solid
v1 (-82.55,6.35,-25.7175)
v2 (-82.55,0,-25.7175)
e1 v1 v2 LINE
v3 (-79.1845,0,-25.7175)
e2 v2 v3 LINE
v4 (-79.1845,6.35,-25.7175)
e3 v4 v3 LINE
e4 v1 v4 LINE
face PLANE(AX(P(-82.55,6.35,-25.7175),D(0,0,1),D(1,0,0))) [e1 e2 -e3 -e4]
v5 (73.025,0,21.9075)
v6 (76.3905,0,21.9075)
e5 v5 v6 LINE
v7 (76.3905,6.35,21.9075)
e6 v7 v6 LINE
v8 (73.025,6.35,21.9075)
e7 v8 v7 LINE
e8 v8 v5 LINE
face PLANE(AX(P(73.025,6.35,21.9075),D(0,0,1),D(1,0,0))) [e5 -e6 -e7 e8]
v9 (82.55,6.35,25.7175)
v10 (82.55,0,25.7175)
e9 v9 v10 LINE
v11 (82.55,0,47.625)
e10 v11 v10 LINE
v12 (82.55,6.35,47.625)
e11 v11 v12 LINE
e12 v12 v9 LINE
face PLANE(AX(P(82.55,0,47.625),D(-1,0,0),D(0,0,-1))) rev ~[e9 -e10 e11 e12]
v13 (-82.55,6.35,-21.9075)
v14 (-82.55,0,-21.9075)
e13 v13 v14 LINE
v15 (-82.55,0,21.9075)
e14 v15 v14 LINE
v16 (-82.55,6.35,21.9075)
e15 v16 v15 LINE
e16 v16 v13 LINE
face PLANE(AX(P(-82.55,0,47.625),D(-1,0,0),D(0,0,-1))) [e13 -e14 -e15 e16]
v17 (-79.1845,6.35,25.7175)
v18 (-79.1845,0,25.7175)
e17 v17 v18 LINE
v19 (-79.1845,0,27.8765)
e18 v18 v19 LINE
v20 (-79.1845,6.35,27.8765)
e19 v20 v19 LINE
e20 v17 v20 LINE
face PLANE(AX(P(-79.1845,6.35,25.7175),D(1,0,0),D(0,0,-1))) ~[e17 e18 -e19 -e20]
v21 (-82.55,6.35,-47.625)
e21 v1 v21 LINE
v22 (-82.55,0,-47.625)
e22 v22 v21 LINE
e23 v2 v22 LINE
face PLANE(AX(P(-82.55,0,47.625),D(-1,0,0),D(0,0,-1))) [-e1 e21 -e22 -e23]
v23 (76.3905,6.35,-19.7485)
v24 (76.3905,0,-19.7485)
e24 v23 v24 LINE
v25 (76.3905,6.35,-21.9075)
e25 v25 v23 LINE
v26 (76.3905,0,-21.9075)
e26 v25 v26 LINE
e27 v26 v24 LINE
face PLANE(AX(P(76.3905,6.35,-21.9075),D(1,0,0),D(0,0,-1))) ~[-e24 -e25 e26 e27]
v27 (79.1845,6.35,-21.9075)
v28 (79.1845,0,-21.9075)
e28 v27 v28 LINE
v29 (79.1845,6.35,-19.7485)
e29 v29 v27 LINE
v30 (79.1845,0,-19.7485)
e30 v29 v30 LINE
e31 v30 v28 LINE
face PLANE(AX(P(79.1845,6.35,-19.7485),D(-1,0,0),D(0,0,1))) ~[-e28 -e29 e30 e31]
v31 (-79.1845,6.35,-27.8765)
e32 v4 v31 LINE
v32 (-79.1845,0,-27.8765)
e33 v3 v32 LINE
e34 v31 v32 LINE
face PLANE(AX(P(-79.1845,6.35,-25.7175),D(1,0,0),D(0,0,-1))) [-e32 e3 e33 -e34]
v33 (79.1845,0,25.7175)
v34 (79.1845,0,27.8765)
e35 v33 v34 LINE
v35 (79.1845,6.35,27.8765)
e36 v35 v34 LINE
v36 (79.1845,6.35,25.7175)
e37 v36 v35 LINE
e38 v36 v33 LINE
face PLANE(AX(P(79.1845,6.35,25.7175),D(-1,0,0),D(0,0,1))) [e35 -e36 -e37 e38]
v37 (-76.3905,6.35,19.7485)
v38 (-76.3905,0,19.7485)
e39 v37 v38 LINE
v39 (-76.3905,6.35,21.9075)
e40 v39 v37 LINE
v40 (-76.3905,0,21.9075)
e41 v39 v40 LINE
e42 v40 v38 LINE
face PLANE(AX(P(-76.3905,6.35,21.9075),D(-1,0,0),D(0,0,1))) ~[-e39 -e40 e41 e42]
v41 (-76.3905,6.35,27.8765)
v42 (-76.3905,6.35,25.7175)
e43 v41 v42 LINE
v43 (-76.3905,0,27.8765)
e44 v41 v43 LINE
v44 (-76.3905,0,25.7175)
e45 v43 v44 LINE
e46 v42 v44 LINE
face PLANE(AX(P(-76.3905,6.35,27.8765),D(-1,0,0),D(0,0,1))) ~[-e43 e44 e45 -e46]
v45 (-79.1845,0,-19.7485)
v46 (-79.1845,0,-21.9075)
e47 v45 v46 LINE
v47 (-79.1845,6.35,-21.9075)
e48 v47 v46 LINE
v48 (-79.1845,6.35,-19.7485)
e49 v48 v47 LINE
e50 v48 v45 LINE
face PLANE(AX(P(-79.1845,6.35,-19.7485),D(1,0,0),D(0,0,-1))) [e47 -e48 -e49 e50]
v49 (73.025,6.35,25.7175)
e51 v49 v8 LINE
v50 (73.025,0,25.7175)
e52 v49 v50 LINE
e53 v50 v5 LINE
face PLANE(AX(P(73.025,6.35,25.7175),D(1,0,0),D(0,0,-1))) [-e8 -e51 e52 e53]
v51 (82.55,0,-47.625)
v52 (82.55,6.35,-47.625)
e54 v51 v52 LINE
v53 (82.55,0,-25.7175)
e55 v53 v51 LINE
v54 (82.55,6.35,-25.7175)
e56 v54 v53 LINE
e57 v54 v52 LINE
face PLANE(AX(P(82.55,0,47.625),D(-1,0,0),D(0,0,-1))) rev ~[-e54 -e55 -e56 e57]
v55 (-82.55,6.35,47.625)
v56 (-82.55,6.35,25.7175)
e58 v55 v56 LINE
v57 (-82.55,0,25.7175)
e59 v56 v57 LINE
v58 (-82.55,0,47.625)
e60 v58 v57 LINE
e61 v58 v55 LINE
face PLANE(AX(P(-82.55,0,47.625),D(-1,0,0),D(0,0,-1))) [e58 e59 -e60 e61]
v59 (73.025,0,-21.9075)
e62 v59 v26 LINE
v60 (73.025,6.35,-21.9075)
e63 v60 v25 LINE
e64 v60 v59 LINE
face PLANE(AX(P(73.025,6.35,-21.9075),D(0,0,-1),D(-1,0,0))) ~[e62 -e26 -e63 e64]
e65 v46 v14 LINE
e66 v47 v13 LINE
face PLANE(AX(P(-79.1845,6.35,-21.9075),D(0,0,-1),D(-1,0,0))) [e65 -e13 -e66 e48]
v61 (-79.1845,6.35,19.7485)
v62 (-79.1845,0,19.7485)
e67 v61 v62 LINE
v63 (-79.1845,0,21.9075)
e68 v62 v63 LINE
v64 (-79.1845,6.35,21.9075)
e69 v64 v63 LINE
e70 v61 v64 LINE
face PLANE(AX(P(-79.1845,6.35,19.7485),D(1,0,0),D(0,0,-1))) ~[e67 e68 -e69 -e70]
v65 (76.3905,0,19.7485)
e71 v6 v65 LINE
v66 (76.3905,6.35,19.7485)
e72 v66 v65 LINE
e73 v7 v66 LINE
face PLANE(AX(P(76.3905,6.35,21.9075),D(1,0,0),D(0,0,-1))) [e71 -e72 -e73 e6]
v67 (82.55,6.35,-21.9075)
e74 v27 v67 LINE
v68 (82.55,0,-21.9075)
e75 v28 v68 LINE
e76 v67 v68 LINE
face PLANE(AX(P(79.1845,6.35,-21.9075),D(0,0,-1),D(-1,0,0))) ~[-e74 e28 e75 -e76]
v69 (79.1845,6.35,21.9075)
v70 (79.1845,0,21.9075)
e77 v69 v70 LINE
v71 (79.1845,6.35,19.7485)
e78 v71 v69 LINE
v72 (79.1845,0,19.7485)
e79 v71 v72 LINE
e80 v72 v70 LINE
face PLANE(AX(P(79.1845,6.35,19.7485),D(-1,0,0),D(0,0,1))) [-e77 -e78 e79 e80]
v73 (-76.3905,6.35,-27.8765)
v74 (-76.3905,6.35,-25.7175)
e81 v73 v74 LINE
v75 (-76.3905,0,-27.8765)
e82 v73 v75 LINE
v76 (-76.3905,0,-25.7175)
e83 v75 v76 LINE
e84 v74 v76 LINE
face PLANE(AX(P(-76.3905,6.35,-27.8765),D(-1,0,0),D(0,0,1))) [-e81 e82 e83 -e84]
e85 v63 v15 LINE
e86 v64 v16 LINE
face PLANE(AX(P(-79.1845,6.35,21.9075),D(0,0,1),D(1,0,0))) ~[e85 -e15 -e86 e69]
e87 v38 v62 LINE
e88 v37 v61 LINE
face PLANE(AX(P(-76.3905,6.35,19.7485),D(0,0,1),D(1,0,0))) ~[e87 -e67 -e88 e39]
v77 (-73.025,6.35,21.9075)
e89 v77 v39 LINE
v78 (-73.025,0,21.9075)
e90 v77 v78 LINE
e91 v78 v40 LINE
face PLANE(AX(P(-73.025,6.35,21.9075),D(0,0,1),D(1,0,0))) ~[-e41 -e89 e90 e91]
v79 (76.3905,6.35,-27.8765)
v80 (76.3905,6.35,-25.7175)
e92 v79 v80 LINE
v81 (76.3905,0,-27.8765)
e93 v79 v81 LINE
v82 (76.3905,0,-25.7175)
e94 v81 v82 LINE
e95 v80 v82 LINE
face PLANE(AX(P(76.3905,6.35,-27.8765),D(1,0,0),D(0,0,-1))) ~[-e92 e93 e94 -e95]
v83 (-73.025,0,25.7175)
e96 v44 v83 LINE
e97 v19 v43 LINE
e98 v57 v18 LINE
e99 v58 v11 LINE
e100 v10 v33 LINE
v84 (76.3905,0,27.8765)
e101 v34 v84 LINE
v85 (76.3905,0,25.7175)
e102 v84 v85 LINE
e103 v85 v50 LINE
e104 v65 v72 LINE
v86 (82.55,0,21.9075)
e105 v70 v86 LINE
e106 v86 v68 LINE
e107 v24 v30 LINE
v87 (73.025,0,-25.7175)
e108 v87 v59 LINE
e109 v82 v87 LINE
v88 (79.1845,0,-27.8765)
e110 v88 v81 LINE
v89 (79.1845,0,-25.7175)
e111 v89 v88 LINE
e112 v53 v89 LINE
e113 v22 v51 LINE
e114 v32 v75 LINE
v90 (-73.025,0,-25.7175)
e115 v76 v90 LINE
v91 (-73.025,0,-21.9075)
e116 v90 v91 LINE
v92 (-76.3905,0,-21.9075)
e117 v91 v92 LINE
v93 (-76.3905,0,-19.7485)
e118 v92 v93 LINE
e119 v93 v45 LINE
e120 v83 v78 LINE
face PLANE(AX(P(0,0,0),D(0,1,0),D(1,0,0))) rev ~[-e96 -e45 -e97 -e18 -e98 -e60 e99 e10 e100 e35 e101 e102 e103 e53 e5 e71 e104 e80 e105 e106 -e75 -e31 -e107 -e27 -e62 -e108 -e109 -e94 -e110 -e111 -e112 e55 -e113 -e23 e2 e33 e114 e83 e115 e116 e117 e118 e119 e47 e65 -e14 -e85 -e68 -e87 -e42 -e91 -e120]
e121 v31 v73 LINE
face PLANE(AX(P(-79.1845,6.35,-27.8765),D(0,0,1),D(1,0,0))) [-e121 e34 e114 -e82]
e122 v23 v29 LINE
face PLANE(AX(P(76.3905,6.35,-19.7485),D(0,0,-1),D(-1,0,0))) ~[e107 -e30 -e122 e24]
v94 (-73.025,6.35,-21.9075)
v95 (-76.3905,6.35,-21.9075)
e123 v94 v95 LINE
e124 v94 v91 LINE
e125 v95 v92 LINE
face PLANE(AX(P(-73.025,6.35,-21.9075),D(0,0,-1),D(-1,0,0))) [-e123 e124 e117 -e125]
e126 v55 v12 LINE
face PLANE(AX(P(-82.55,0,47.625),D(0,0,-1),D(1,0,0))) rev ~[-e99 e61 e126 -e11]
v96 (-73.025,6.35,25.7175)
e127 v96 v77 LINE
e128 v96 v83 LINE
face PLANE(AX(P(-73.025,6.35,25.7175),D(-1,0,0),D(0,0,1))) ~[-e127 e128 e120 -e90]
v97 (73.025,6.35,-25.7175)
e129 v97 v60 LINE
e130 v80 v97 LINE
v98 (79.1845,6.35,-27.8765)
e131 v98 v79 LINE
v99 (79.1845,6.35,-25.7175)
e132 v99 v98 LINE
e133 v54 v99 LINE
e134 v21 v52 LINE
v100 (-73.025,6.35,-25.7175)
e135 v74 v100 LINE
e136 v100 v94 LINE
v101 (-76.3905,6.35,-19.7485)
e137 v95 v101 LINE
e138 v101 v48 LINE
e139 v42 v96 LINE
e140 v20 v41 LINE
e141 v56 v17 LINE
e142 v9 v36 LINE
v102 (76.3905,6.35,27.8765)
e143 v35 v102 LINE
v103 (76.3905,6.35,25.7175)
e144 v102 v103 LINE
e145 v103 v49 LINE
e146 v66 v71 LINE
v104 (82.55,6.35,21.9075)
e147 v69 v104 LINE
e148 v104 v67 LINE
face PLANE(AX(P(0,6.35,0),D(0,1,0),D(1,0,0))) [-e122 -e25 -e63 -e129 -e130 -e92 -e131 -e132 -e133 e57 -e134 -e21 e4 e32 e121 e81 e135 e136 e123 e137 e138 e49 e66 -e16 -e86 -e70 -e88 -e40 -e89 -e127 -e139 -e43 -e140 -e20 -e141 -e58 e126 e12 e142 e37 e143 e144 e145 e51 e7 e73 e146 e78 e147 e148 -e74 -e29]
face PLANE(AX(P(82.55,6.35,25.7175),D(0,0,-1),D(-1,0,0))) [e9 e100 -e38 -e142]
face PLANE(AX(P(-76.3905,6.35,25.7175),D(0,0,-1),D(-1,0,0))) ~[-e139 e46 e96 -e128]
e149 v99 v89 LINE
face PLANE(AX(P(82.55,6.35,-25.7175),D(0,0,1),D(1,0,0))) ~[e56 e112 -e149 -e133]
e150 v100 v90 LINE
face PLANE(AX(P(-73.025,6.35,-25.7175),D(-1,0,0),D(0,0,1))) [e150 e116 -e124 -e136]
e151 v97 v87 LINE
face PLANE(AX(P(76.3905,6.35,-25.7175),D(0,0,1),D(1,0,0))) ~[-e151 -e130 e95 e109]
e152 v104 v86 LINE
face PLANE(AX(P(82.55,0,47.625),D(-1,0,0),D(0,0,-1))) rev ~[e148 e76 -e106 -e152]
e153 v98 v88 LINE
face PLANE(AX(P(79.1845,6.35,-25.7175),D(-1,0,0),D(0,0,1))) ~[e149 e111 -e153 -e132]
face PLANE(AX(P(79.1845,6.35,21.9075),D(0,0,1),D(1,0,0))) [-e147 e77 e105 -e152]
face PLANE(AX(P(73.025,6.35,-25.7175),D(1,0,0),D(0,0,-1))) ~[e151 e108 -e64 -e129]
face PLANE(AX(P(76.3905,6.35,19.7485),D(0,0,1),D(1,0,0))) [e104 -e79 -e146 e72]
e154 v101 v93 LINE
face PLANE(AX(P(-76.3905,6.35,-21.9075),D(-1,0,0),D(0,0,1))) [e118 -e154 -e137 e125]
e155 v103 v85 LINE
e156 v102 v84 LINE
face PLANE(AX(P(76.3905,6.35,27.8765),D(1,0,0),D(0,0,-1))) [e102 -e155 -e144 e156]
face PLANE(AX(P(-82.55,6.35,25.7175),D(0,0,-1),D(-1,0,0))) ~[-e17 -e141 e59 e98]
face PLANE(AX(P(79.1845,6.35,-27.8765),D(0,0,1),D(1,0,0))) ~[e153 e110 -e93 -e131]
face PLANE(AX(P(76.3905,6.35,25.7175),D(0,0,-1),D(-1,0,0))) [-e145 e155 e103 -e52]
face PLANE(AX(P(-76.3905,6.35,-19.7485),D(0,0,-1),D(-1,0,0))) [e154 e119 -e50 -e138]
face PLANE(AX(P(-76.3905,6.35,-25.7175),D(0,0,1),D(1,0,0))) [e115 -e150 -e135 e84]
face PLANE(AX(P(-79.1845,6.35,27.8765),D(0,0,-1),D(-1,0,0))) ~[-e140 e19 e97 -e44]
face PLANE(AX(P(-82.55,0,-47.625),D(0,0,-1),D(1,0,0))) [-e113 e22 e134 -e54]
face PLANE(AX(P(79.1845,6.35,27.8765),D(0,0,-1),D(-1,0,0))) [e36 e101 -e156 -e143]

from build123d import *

# Parameters (mm, degrees)
SKETCH1_W            = 165.1
SKETCH1_H            = 95.25
BOSS_EXTRUDE1_DEPTH  = 6.35
CUT_EXTRUDE1_DEPTH   = 96.514216874
MIRROR2_COPY_1_DEPTH = 96.514216874


with BuildPart() as part:
    # Sketch1 → Boss-Extrude1 (new body)
    with BuildSketch(Plane(origin=(0, 0, 0), x_dir=(1, 0, 0), z_dir=(0, 1, 0))):
        Rectangle(SKETCH1_W, SKETCH1_H)
    extrude(amount=BOSS_EXTRUDE1_DEPTH)

    # Sketch2 → Cut-Extrude1 (cut, through all)
    with BuildSketch(Plane(origin=(0, 6.35, 0), x_dir=(1, 0, 0), z_dir=(0, 1, 0))):
        Polygon((82.55, -21.9075), (82.55, -25.7175), (79.1845, -25.7175), (79.1845, -27.8765), (76.3905, -27.8765), (76.3905, -25.7175), (73.025, -25.7175), (73.025, -21.9075), (76.3905, -21.9075), (76.3905, -19.7485), (79.1845, -19.7485), (79.1845, -21.9075), align=None)
    cut_extrude1 = extrude(amount=-CUT_EXTRUDE1_DEPTH, mode=Mode.SUBTRACT)

    # Mirror1: Cut-Extrude1 across plane
    add(cut_extrude1.mirror(Plane.XY), mode=Mode.SUBTRACT)

    # Mirror2: Cut-Extrude1 across plane
    add(cut_extrude1.mirror(Plane(origin=(0, 0, 0), x_dir=(0, 0, 1), z_dir=(1, 0, 0))), mode=Mode.SUBTRACT)

    # Mirror2 copy 1 sketch → Mirror2 copy 1 (cut, through all)
    with BuildSketch(Plane(origin=(0, 6.35, 0), x_dir=(-1, 0, 0), z_dir=(0, 1, 0))):
        Polygon((82.55, -21.9075), (82.55, -25.7175), (79.1845, -25.7175), (79.1845, -27.8765), (76.3905, -27.8765), (76.3905, -25.7175), (73.025, -25.7175), (73.025, -21.9075), (76.3905, -21.9075), (76.3905, -19.7485), (79.1845, -19.7485), (79.1845, -21.9075), align=None)
    extrude(amount=-MIRROR2_COPY_1_DEPTH, mode=Mode.SUBTRACT)


solid = part.part
